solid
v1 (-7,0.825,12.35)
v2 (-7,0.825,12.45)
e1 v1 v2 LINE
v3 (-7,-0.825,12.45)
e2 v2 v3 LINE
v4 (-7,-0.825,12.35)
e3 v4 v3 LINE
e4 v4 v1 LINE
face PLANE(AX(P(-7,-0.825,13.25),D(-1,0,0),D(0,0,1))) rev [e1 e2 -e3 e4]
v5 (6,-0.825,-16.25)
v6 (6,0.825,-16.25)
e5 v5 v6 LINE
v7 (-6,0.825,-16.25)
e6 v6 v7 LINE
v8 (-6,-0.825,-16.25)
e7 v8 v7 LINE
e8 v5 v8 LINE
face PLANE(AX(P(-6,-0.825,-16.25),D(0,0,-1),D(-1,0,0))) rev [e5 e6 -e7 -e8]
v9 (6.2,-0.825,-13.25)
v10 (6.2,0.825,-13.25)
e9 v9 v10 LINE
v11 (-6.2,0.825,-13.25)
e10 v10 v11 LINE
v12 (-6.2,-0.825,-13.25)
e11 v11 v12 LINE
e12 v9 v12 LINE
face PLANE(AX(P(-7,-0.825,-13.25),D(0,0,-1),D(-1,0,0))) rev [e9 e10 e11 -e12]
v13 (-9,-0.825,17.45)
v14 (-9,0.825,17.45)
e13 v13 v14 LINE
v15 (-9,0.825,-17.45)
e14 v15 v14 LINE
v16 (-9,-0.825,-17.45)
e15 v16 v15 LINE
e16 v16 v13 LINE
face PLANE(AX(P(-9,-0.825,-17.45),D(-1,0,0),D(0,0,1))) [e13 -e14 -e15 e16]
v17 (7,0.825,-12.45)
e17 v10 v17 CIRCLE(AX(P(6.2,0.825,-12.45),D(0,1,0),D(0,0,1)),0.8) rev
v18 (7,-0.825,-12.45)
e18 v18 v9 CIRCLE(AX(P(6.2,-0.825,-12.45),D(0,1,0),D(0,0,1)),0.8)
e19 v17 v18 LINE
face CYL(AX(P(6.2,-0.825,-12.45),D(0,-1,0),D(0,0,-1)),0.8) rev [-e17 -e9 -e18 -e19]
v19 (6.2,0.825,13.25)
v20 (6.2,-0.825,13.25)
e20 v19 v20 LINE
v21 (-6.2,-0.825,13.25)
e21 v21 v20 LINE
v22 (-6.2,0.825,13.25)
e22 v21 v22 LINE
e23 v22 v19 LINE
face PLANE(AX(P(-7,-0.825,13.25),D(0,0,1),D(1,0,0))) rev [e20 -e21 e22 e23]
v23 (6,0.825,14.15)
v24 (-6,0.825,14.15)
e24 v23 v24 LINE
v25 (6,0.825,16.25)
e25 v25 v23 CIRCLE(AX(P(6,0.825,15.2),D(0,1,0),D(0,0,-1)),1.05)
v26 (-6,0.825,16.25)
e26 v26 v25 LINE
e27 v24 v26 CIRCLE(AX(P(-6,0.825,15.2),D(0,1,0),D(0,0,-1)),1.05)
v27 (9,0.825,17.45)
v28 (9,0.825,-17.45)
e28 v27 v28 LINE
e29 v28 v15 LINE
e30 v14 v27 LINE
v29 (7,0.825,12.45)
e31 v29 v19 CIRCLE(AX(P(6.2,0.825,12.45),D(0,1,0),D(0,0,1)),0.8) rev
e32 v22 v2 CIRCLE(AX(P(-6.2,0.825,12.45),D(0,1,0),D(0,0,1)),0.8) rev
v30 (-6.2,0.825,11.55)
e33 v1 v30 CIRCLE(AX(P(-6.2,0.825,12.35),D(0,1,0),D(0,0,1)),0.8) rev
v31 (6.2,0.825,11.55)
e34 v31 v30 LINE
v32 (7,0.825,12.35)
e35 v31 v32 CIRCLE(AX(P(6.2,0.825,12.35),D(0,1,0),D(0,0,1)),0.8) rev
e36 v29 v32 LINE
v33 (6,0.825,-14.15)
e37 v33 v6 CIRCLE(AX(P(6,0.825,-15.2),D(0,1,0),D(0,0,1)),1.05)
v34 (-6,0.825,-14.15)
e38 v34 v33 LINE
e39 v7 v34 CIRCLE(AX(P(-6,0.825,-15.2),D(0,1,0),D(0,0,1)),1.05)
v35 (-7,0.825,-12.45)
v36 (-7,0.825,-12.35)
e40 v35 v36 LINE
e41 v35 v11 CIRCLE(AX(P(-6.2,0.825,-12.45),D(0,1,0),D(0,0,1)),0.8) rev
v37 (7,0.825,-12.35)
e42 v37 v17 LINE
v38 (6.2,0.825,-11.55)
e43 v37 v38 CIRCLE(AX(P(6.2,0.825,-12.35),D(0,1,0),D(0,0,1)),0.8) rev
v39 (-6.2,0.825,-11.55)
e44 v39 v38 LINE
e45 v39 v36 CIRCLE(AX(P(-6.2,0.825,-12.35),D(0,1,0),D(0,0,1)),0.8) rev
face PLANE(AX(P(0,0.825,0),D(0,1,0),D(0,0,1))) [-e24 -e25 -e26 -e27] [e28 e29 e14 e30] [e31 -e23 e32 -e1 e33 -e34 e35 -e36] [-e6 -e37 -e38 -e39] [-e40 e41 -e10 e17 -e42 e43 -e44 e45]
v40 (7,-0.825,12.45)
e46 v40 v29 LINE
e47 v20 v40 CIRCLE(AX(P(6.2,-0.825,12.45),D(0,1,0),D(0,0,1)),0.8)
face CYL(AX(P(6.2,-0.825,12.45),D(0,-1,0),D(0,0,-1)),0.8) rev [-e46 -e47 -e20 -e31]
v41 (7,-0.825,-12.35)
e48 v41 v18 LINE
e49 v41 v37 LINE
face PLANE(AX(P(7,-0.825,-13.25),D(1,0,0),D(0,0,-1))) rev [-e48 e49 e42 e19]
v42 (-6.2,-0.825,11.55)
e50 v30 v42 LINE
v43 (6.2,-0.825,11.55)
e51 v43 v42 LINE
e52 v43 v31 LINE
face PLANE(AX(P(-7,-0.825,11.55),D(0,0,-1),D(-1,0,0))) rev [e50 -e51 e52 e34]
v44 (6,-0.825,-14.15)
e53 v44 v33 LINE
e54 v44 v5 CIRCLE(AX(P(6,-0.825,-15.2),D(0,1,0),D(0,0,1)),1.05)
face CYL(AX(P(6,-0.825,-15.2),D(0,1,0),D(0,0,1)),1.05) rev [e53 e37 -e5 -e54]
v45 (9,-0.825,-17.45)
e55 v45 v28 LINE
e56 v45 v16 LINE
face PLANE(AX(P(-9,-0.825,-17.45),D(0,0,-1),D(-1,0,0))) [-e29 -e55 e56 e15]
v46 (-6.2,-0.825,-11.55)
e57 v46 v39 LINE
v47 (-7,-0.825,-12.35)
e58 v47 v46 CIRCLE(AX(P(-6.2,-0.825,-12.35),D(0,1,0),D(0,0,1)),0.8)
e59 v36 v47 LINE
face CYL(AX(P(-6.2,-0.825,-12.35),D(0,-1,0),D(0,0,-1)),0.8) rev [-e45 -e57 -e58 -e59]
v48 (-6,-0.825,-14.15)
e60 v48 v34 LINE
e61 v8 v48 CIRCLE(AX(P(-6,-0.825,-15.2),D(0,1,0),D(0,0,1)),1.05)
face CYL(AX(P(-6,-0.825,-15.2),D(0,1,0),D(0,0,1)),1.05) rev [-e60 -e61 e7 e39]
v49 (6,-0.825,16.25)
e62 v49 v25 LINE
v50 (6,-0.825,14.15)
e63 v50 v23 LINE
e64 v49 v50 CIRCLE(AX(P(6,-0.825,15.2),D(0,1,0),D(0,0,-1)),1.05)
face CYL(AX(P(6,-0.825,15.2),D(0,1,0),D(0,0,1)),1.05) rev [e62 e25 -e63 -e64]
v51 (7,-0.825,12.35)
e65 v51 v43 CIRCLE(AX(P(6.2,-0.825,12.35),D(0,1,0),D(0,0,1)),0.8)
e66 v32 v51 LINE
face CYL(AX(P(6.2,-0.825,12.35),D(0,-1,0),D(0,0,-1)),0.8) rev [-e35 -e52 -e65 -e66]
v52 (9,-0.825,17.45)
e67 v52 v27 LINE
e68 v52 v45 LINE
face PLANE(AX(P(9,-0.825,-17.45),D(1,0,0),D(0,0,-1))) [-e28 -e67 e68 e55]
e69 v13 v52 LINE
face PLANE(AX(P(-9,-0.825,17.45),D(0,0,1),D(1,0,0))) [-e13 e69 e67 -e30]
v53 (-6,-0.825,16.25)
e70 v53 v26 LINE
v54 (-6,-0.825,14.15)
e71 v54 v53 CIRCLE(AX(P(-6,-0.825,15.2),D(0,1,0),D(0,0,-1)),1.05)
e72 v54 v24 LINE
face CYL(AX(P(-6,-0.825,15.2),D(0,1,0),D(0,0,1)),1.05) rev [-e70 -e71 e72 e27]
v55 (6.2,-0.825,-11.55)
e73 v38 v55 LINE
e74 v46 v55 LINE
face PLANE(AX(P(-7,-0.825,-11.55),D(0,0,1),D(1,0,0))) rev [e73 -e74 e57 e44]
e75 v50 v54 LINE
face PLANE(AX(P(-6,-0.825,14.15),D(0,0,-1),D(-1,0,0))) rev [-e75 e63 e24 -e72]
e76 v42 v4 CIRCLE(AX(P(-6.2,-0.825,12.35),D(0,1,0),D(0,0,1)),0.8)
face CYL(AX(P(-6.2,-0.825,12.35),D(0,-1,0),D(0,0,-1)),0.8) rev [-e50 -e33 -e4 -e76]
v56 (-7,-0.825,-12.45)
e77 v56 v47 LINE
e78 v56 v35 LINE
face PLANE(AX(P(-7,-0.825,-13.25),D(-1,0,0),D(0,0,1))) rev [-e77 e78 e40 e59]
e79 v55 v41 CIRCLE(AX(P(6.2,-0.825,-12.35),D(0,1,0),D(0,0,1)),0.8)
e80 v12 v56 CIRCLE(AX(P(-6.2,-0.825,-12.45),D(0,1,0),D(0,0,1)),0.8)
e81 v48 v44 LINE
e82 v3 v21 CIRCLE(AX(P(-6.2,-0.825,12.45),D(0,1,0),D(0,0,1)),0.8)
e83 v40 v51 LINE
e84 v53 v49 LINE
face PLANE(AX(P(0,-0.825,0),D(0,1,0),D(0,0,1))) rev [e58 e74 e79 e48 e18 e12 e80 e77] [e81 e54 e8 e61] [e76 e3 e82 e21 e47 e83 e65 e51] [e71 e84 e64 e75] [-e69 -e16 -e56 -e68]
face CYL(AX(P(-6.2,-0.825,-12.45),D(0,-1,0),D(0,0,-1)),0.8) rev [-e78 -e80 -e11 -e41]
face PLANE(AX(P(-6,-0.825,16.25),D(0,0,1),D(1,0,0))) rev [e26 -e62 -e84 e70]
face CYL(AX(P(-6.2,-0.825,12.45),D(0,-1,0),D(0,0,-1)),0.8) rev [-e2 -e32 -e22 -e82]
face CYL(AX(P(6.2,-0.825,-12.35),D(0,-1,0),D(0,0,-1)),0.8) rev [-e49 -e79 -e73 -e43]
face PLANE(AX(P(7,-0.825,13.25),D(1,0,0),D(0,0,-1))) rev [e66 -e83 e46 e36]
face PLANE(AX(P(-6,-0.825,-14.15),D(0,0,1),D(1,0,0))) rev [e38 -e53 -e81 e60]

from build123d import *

# Parameters (mm, degrees)
SKIZZE1_W                       = 18
SKIZZE1_H                       = 34.9
SKIZZE1_W_2                     = 14
SKIZZE1_H_2                     = 1.7
AUFSATZ_LINEAR_AUSTRAGEN1_DEPTH = 0.825
VERRUNDUNG1_R                   = 0.8


with BuildPart() as part:
    # Skizze1 → Aufsatz-Linear austragen1 (new body, symmetric)
    with BuildSketch(Plane(origin=(0, 0, 0), x_dir=(1, 0, 0), z_dir=(0, 1, 0))):
        Rectangle(SKIZZE1_W, SKIZZE1_H)
        with Locations((0, 12.4)):
            Rectangle(SKIZZE1_W_2, SKIZZE1_H_2, mode=Mode.SUBTRACT)
        with BuildLine():
            Line((-6, 16.25), (6, 16.25))
            ThreePointArc((6, 16.25), (7.05, 15.2), (6, 14.15))
            Line((6, 14.15), (-6, 14.15))
            ThreePointArc((-6, 14.15), (-7.05, 15.2), (-6, 16.25))
        make_face(mode=Mode.SUBTRACT)
        with BuildLine():
            Line((-6, -16.25), (6, -16.25))
            ThreePointArc((6, -16.25), (7.05, -15.2), (6, -14.15))
            Line((6, -14.15), (-6, -14.15))
            ThreePointArc((-6, -14.15), (-7.05, -15.2), (-6, -16.25))
        make_face(mode=Mode.SUBTRACT)
        with Locations((0, -12.4)):
            Rectangle(SKIZZE1_W_2, SKIZZE1_H_2, mode=Mode.SUBTRACT)
    extrude(amount=AUFSATZ_LINEAR_AUSTRAGEN1_DEPTH, both=True)

    # Verrundung1
    verrundung1_edges = [part.edges().sort_by_distance(p)[0] for p in [
        (-7, 0, -11.55),
        (-7, 0, -13.25),
        (7, 0, -13.25),
        (7, 0, -11.55),
        (7, 0, 13.25),
        (-7, 0, 13.25),
        (-7, 0, 11.55),
        (7, 0, 11.55),
    ]]
    fillet(verrundung1_edges, radius=VERRUNDUNG1_R)


solid = part.part
